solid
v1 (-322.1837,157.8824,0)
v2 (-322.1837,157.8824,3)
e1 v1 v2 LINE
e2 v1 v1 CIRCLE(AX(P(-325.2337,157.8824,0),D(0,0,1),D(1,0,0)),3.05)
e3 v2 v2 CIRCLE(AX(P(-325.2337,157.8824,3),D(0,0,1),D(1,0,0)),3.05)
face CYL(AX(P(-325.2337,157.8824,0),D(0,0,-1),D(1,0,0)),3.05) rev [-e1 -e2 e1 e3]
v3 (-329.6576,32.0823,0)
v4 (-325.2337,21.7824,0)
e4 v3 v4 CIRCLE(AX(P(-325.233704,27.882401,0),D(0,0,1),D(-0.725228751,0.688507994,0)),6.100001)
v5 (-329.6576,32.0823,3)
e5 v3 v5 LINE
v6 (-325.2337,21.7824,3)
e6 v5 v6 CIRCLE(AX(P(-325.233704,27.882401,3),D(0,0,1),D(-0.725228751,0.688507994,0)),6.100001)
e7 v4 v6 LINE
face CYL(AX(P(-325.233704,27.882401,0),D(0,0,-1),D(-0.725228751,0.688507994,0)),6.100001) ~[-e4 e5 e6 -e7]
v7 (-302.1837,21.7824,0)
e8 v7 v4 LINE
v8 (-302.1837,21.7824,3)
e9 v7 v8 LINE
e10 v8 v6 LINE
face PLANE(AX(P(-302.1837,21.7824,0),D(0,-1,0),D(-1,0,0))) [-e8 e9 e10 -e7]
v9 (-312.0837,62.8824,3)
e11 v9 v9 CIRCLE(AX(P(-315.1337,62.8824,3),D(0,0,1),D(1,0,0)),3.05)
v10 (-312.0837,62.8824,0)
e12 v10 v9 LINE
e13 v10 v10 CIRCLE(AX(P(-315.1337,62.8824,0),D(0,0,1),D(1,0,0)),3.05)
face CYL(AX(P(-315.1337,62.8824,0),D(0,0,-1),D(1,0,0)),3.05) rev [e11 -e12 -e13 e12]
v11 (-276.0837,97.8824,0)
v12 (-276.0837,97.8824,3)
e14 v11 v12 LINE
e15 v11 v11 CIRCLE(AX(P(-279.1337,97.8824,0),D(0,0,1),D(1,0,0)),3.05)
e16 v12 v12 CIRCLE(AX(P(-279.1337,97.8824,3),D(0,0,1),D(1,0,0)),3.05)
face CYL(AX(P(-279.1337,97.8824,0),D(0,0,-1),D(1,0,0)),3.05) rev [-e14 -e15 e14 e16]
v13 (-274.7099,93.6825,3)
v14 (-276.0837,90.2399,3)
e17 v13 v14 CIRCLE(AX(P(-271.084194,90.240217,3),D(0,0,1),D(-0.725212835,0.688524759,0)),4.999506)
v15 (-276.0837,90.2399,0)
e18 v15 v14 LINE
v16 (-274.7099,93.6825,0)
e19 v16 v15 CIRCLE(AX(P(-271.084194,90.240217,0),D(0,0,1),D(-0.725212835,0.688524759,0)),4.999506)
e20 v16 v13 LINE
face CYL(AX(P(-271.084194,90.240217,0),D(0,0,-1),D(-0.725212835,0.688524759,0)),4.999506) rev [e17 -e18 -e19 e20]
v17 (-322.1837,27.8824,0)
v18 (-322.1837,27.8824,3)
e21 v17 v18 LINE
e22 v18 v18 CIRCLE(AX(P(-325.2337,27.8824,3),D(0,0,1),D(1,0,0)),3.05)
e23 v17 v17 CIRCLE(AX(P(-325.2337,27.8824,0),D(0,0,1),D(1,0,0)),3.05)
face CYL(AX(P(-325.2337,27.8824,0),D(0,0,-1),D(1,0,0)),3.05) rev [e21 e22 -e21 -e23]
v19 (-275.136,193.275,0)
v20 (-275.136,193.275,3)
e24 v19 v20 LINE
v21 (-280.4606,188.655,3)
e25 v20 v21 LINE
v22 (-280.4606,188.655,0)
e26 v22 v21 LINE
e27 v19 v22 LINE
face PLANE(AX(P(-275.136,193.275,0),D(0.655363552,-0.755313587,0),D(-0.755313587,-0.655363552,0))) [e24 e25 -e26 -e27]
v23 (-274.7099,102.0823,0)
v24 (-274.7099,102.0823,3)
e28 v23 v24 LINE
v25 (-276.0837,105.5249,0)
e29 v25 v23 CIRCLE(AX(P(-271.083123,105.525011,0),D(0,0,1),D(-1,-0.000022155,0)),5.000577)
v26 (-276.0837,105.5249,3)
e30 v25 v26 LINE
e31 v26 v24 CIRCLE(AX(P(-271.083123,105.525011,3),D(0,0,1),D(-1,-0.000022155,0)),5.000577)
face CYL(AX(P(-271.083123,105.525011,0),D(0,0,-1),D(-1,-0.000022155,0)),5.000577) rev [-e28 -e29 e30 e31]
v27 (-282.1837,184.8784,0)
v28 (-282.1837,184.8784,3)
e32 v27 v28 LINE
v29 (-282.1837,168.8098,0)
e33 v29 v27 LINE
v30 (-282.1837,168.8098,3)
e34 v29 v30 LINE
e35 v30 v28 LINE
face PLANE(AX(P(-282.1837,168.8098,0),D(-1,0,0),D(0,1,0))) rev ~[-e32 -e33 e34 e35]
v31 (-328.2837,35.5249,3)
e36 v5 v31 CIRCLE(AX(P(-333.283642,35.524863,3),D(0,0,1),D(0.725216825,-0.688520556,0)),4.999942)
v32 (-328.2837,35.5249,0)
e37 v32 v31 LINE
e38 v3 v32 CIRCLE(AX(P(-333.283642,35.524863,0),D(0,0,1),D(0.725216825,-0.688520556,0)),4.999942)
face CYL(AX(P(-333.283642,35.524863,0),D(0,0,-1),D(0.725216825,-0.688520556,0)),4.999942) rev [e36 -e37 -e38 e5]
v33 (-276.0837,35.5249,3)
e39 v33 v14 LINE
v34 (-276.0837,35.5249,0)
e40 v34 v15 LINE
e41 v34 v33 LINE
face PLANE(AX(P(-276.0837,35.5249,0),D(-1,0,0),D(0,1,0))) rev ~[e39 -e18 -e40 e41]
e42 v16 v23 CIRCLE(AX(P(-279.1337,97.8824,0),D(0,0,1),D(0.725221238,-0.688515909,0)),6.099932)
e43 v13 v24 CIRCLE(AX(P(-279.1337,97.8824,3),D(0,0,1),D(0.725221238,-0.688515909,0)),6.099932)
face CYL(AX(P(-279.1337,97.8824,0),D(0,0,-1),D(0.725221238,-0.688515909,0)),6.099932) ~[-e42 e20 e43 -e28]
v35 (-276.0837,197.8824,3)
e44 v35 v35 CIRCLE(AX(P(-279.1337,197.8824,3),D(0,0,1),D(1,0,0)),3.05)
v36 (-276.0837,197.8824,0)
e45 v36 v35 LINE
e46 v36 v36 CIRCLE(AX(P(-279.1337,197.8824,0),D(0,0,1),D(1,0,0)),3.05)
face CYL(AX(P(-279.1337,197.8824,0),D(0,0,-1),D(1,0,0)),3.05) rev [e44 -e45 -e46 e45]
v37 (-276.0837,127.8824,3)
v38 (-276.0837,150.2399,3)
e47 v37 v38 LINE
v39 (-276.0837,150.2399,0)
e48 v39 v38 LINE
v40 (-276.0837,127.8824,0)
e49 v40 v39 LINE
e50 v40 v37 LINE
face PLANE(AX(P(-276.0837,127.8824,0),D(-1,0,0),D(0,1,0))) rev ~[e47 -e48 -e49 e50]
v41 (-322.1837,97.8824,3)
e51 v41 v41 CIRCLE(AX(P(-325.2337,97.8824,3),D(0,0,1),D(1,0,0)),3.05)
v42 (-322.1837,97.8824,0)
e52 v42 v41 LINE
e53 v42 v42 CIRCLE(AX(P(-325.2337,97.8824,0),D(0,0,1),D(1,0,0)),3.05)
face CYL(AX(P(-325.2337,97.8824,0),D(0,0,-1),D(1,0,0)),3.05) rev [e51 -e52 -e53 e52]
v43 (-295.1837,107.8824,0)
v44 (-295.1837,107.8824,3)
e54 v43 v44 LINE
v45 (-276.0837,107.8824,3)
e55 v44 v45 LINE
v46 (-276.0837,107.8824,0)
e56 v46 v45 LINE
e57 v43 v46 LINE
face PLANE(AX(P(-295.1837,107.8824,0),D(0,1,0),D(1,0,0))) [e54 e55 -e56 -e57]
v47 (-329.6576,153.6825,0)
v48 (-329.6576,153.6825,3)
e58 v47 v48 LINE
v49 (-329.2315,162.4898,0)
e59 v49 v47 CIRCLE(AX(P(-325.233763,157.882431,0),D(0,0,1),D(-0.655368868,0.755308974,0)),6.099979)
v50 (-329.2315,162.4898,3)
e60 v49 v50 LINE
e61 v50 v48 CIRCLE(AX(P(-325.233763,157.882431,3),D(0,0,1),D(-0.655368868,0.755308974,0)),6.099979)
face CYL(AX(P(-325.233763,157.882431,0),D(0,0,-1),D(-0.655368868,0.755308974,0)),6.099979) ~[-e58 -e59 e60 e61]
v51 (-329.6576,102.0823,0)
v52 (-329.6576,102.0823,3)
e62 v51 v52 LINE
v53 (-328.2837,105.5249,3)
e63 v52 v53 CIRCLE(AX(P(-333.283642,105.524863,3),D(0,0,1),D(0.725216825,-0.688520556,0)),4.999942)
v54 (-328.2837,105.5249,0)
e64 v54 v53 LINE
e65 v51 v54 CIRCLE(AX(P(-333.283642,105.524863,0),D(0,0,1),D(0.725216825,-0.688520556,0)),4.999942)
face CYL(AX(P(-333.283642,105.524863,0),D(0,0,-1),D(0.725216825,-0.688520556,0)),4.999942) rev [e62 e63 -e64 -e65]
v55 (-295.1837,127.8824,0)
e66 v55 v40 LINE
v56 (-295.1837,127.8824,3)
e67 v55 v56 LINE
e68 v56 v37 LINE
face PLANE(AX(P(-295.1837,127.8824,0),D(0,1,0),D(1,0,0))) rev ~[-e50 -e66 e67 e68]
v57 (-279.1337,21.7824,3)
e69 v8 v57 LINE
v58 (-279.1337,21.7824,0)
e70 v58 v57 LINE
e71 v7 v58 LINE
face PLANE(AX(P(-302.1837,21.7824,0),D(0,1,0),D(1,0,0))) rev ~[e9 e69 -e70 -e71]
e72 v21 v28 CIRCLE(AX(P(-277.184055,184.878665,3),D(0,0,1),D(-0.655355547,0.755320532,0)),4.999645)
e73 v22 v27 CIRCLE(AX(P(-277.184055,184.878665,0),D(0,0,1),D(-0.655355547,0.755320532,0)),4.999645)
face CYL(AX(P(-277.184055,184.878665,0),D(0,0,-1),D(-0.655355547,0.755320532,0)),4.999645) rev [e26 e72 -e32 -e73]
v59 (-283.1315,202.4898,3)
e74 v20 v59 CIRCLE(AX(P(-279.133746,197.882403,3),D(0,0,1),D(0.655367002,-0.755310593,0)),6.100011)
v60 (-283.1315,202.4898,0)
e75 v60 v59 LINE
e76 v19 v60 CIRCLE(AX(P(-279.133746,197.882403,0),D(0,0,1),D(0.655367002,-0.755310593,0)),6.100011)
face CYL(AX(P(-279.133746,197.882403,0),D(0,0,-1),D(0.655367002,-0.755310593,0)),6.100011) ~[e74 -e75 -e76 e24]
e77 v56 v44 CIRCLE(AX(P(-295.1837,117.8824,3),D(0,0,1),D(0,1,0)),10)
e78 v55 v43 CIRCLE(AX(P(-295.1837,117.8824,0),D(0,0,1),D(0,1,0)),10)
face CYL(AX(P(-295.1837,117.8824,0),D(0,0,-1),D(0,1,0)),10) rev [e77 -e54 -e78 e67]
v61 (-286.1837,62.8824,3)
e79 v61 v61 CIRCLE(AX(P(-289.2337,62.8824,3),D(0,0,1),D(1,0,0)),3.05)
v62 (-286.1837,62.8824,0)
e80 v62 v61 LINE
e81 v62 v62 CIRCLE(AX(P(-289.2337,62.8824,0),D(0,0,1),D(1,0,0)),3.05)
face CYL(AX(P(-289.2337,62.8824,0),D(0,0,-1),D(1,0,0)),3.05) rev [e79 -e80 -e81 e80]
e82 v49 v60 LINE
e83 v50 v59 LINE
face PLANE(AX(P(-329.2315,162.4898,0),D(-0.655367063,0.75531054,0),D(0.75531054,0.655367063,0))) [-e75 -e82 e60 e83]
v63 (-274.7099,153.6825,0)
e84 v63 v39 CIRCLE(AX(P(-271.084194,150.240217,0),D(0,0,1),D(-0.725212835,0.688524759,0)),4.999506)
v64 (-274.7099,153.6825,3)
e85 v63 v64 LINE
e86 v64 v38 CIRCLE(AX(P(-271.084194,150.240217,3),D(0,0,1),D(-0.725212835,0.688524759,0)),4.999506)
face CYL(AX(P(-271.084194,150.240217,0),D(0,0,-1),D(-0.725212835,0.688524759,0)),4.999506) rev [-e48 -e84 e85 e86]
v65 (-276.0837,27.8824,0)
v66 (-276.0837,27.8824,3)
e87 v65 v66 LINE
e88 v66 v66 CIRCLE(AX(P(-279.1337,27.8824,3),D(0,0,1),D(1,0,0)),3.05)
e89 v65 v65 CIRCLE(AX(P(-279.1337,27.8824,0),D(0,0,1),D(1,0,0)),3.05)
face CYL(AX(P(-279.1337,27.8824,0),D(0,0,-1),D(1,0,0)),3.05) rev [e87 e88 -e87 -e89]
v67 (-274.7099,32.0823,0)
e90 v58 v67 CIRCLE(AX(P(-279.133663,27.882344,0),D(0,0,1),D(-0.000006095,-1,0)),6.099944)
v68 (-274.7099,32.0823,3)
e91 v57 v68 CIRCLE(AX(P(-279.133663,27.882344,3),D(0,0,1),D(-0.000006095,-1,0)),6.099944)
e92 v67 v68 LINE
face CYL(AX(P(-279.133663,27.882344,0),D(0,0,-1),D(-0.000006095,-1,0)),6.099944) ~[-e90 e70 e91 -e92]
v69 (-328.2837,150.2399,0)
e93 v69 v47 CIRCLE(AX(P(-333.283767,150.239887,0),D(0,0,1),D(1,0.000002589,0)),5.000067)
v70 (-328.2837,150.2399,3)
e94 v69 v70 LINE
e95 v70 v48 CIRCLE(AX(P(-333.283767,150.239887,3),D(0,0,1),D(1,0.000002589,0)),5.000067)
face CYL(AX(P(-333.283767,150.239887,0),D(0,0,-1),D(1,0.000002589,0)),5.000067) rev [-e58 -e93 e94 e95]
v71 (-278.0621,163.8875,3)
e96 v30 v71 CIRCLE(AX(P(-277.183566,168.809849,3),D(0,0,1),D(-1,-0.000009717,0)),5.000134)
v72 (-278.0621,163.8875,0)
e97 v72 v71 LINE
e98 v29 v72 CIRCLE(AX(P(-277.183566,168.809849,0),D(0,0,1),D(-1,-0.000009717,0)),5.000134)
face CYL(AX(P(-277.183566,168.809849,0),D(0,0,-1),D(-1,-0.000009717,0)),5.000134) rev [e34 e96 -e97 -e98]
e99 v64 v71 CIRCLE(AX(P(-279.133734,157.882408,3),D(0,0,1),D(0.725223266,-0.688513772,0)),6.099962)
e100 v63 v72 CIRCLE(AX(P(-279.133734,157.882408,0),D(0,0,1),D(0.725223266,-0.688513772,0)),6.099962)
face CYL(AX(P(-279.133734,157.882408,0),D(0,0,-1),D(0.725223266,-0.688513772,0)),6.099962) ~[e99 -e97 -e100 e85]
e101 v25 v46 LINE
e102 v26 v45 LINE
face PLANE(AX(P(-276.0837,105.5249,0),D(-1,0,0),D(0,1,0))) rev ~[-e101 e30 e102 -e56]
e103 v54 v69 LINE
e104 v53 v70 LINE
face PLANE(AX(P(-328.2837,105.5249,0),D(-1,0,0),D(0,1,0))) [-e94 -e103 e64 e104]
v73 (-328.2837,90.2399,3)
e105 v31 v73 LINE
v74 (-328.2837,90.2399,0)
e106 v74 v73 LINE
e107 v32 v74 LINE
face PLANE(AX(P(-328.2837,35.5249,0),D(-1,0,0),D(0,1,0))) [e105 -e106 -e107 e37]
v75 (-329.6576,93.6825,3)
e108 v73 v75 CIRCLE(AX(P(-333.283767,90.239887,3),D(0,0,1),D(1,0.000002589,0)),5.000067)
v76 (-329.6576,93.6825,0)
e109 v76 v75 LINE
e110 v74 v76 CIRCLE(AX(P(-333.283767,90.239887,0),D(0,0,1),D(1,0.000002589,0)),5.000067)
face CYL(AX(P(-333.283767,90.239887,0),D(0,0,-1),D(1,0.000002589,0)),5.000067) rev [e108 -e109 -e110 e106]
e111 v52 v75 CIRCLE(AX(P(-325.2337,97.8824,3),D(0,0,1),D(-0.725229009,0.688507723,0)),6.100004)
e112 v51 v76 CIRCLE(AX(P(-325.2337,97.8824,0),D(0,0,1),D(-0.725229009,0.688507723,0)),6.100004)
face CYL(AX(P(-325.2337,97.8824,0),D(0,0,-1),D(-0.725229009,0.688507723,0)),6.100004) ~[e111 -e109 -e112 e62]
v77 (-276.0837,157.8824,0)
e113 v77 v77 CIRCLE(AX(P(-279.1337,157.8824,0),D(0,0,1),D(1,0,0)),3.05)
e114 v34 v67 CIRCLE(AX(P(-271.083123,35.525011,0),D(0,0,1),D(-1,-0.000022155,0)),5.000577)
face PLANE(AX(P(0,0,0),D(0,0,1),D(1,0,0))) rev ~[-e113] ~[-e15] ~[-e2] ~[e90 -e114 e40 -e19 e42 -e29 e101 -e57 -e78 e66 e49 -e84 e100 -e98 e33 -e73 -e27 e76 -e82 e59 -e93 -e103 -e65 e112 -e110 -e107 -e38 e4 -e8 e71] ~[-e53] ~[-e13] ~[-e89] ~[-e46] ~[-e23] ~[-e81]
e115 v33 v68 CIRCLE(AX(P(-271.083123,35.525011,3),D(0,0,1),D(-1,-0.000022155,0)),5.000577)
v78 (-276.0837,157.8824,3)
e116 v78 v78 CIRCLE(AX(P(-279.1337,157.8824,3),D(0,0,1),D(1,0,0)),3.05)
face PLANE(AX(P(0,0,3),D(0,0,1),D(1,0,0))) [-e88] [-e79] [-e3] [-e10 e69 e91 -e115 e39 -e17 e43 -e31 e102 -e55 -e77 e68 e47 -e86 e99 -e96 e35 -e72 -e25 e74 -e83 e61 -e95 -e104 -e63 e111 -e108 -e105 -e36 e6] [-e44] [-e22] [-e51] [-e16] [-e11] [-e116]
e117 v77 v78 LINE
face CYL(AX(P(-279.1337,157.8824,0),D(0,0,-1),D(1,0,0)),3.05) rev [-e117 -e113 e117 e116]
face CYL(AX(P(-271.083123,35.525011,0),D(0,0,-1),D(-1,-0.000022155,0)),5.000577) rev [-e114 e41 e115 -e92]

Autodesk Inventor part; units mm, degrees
ref_plane "YZ Plane" through (0, 0, 0) normal (1, 0, 0) x (0, 1, 0)
ref_plane "XZ Plane" through (0, 0, 0) normal (0, 1, 0) x (-1, 0, 0)
ref_plane "XY Plane" through (0, 0, 0) normal (0, 0, 1) x (1, 0, 0)
sketch "Эскиз1" plane through (0, 0, 0) normal (0, 0, 1) x (1, 0, 0)
  line L0 (-302.1837, 10.5492) -> (-302.1837, 99.2824)
  line L1 (-302.1837, 21.7824) -> (-325.2337, 21.7824)
  circle A0 centre (-325.2337, 27.8824) radius 3.05
  arc A1 (-329.6576, 32.0823) -> (-325.2337, 21.7824) centre (-325.2337, 27.8824) ccw
  circle A2 centre (-315.1337, 62.8824) radius 3.05
  line L2 (-328.2837, 35.5249) -> (-328.2837, 90.2399)
  arc A3 (-329.6576, 102.0823) -> (-329.6576, 93.6825) centre (-325.2337, 97.8824) ccw
  circle A4 centre (-325.2337, 97.8824) radius 3.05
  line L3 (-302.1837, 21.7824) -> (-279.1337, 21.7824)
  circle A5 centre (-279.1337, 27.8824) radius 3.05
  arc A6 (-279.1337, 21.7824) -> (-274.7099, 32.0823) centre (-279.1337, 27.8824) ccw
  circle A7 centre (-289.2337, 62.8824) radius 3.05
  line L4 (-276.0837, 35.5249) -> (-276.0837, 90.2399)
  arc A8 (-274.7099, 93.6825) -> (-274.7099, 102.0823) centre (-279.1337, 97.8824) ccw
  circle A9 centre (-279.1337, 97.8824) radius 3.05
  arc A10 (-295.1837, 127.8824) -> (-295.1837, 107.8824) centre (-295.1837, 117.8824) ccw
  line L5 (-328.2837, 105.5249) -> (-328.2837, 150.2399)
  arc A11 (-329.2315, 162.4898) -> (-329.6576, 153.6825) centre (-325.2337, 157.8824) ccw
  circle A12 centre (-325.2337, 157.8824) radius 3.05
  arc A13 (-274.7099, 153.6825) -> (-278.0621, 163.8875) centre (-279.1337, 157.8824) ccw
  circle A14 centre (-279.1337, 157.8824) radius 3.05
  circle A15 centre (-279.1337, 197.8824) radius 3.05
  arc A16 (-275.136, 193.275) -> (-283.1315, 202.4898) centre (-279.1337, 197.8824) ccw
  line L6 (-329.2315, 162.4898) -> (-283.1315, 202.4898)
  line L7 (-275.136, 193.275) -> (-280.4606, 188.655)
  line L8 (-295.1837, 107.8824) -> (-276.0837, 107.8824)
  line L9 (-295.1837, 127.8824) -> (-276.0837, 127.8824)
  line L10 (-276.0837, 105.5249) -> (-276.0837, 107.8824)
  line L11 (-276.0837, 127.8824) -> (-276.0837, 150.2399)
  line L12 (-282.1837, 168.8098) -> (-282.1837, 184.8784)
  arc A17 (-328.2837, 150.2399) -> (-329.6576, 153.6825) centre (-333.2837, 150.2399) ccw
  arc A18 (-328.2837, 90.2399) -> (-329.6576, 93.6825) centre (-333.2837, 90.2399) ccw
  arc A19 (-276.0837, 35.5249) -> (-274.7099, 32.0823) centre (-271.0837, 35.5249) ccw
  arc A20 (-329.6576, 32.0823) -> (-328.2837, 35.5249) centre (-333.2837, 35.5249) ccw
  arc A21 (-329.6576, 102.0823) -> (-328.2837, 105.5249) centre (-333.2837, 105.5249) ccw
  arc A22 (-274.7099, 93.6825) -> (-276.0837, 90.2399) centre (-271.0837, 90.2399) ccw
  arc A23 (-274.7099, 153.6825) -> (-276.0837, 150.2399) centre (-271.0837, 150.2399) ccw
  arc A24 (-276.0837, 105.5249) -> (-274.7099, 102.0823) centre (-271.0837, 105.5249) ccw
  arc A25 (-282.1837, 168.8098) -> (-278.0621, 163.8875) centre (-277.1837, 168.8098) ccw
  arc A26 (-280.4606, 188.655) -> (-282.1837, 184.8784) centre (-277.1837, 184.8784) ccw
  point P0 (-328.2837, 33.1651)
  point P1 (-328.2837, 92.5996)
  point P2 (-276.0837, 33.1651)
  point P3 (-276.0837, 92.5996)
  point P4 (-276.0837, 103.1651)
  point P5 (-276.0837, 152.5996)
  point P6 (-328.2837, 103.1651)
  point P7 (-282.1837, 203.1651)
  point P8 (-282.1837, 163.1651)
  point P9 (-328.2837, 152.5996)
  dimension "d0" = 6.1
  dimension "d1" = 12.2
  dimension "d2" = 46.1
  dimension "d10" = 70
  dimension "d11" = 35
  dimension "d12" = 10.1
  dimension "d13" = 20
  dimension "d15" = 55
  dimension "d17" = 7
  dimension "d18" = 40
  dimension "d19" = 40
  dimension "d20" = 5
extrude "Выдавливание1" add sketch "Эскиз1" along normal blind 3
equation "\"d0\" = d_main_screw_holes"
equation "\"d1\" = 2 * d_main_screw_holes"
equation "\"d2\" = hight_profile_tibea + d_main_screw_holes"
equation "\"d12\" = d_main_screw_holes + thickness_profile_tibea"
equation "\"d13\" = d_main_shaft"
equation "\"d21\" = thickness_steel"
equation "\"tolerance_plazma\" = 0.1"
equation "\"thickness_steel\" = 3"
equation "\"d_main_screw_holes\" = 6.1"
equation "\"d_main_shaft\" = 20"
equation "\"thickness_profile_tibea\" = 4"
equation "\"hight_profile_tibea\" = 40"
equation "\"thickness_profile_femur\" = 3"
equation "\"width_shaft_shift\" = 35"
equation "\"width_flattened_surface\" = 12"
properties part number "tibea_outside_steel" material "Сталь"
